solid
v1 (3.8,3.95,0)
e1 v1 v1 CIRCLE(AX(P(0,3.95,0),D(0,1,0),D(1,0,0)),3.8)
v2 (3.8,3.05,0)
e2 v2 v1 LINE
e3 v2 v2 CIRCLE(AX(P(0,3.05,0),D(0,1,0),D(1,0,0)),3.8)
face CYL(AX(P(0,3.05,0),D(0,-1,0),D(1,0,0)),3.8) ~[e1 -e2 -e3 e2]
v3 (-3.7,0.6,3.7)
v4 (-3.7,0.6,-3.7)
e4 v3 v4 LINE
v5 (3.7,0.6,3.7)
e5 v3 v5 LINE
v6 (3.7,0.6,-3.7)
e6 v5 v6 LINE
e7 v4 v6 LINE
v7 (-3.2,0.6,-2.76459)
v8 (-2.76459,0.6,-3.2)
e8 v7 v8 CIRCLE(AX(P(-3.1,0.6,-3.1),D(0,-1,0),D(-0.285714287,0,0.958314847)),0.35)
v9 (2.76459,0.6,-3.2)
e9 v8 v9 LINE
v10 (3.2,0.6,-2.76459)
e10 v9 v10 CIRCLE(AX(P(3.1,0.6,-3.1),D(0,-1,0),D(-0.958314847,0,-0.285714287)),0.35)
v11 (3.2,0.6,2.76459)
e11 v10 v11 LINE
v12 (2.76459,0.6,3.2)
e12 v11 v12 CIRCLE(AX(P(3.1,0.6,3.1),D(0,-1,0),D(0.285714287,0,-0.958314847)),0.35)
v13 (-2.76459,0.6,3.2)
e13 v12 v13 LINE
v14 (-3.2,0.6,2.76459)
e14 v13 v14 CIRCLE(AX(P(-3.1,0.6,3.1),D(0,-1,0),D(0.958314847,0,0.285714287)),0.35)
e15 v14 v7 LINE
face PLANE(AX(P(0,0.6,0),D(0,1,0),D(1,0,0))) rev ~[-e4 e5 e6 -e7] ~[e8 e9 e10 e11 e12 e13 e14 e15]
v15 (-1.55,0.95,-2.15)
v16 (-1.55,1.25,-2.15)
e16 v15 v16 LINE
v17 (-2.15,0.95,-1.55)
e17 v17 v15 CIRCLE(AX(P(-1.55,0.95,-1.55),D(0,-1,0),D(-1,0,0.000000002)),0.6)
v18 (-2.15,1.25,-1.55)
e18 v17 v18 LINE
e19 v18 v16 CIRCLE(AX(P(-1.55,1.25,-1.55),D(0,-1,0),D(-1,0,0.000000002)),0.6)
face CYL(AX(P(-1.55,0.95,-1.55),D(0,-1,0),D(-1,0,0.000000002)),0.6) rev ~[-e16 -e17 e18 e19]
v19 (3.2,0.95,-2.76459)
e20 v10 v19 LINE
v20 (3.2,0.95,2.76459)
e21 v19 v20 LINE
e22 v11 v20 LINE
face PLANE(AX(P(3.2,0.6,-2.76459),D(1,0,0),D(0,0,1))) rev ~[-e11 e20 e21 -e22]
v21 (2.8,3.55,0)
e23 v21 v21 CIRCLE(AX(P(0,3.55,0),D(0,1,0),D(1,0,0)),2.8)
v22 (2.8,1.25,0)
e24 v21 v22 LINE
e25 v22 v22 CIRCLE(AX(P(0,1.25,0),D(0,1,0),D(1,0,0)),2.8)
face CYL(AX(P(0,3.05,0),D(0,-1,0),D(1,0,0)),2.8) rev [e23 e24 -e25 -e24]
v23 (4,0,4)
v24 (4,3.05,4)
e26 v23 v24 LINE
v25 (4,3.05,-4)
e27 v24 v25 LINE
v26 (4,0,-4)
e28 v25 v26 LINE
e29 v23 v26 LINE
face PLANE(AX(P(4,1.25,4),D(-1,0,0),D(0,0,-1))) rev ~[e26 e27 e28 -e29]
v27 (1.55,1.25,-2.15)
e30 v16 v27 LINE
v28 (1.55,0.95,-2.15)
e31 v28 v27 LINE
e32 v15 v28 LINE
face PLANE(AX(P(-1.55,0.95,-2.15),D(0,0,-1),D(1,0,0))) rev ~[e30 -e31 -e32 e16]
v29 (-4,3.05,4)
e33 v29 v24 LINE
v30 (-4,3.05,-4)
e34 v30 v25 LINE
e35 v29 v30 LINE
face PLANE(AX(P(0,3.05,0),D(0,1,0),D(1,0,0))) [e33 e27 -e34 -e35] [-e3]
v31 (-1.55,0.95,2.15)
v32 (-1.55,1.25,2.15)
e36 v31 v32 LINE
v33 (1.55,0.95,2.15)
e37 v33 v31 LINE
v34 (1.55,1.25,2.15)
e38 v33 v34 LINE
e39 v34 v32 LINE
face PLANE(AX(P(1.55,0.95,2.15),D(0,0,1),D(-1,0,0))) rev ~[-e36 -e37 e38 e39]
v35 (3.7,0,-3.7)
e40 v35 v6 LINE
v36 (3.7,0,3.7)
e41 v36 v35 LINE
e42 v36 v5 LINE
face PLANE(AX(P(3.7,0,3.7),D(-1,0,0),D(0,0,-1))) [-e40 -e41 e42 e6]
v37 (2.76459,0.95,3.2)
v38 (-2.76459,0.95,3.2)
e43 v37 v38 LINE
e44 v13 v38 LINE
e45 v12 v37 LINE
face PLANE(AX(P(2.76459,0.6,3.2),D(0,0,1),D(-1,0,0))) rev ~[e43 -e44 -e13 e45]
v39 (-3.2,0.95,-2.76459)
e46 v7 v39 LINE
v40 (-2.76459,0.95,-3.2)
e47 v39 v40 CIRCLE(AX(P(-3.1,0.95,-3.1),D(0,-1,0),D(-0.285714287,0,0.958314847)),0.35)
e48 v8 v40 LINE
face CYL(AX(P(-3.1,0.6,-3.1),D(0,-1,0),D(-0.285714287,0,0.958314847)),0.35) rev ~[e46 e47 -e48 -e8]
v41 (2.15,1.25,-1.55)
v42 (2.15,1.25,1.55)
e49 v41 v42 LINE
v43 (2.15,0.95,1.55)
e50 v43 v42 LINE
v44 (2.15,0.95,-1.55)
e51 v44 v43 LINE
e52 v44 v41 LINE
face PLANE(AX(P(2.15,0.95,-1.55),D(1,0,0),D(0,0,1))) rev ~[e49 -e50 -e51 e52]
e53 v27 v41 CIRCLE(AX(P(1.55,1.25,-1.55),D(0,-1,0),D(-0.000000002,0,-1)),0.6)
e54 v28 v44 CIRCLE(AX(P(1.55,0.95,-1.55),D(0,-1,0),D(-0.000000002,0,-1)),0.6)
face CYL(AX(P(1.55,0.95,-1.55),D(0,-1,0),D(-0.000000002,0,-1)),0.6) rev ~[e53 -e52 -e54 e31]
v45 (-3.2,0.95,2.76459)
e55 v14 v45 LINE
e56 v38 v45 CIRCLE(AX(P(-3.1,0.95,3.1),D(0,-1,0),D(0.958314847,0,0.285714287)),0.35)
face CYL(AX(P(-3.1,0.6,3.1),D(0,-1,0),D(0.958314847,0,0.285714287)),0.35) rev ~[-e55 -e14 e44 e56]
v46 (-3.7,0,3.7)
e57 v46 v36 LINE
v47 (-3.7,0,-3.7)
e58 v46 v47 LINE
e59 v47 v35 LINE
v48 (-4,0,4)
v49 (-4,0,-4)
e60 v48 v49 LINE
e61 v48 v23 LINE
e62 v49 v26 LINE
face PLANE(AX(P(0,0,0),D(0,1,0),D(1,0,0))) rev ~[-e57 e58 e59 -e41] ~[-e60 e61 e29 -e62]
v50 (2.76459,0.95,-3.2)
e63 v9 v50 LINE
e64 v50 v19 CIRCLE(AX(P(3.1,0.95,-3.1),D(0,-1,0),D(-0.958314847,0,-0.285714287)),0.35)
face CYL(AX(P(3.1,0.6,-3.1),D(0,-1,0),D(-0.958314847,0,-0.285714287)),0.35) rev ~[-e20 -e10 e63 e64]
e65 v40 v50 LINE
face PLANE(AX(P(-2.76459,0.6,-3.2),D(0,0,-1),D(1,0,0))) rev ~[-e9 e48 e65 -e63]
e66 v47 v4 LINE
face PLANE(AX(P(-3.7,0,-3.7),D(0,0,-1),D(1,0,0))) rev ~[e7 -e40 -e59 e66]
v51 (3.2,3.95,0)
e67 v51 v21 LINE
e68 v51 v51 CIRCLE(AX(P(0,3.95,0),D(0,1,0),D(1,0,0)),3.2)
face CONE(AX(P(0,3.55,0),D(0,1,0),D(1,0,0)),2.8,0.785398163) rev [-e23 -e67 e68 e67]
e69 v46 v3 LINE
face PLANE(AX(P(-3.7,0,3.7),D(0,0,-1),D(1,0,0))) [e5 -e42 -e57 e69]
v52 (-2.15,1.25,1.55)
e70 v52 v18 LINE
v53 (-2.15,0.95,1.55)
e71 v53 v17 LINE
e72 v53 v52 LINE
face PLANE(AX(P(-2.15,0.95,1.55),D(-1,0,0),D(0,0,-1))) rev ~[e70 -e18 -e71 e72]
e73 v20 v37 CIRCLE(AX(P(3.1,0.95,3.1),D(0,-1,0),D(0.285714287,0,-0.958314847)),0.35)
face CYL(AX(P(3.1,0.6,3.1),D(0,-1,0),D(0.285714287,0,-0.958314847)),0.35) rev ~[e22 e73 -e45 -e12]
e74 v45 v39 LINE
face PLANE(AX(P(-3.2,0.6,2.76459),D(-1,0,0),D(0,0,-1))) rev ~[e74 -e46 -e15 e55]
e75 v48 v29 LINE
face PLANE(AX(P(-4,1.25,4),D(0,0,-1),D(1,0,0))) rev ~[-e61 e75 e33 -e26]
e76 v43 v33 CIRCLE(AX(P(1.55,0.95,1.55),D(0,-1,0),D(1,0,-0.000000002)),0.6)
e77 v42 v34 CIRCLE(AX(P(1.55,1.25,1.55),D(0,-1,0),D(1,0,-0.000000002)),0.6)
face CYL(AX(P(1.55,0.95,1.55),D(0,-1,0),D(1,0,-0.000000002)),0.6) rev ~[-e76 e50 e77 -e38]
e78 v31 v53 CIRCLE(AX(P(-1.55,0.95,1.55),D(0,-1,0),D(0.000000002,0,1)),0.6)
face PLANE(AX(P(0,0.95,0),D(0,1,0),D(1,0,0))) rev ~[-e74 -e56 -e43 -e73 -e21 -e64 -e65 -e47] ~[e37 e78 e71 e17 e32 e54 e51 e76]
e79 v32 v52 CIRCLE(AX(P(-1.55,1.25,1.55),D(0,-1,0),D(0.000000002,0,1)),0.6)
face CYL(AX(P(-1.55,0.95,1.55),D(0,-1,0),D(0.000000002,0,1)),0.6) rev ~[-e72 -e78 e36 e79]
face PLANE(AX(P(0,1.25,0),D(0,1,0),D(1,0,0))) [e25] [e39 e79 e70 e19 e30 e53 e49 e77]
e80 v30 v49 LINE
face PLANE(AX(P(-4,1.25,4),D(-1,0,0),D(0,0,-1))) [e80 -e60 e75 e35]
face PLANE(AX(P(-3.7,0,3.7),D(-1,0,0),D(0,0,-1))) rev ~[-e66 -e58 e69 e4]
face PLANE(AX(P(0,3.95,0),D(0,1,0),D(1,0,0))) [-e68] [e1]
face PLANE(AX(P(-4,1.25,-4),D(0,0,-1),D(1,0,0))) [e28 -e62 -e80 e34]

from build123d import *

# Parameters (mm, degrees)
SKIZZE2_W                       = 8
SKIZZE2_H                       = 8
SKIZZE2_W_2                     = 7.4
SKIZZE2_H_2                     = 7.4
AUFSATZ_LINEAR_AUSTRAGEN1_DEPTH = 0.6
SKIZZE5_W                       = 8
SKIZZE5_H                       = 8
AUFSATZ_LINEAR_AUSTRAGEN3_DEPTH = 0.35
SKIZZE4_W                       = 8
SKIZZE4_H                       = 8
AUFSATZ_LINEAR_AUSTRAGEN2_DEPTH = 0.3
SKIZZE7_W                       = 8
SKIZZE7_H                       = 8
SKIZZE7_R                       = 2.8
AUFSATZ_LINEAR_AUSTRAGEN4_DEPTH = 1.8
SKIZZE8_R                       = 3.8
SKIZZE8_R_2                     = 2.8
AUFSATZ_LINEAR_AUSTRAGEN5_DEPTH = 0.9
FASE1_SIZE                      = 0.4


with BuildPart() as part:
    # Skizze2 → Aufsatz-Linear austragen1 (new body)
    with BuildSketch(Plane(origin=(0, 0, 0), x_dir=(1, 0, 0), z_dir=(0, 1, 0))):
        Rectangle(SKIZZE2_W, SKIZZE2_H)
        Rectangle(SKIZZE2_W_2, SKIZZE2_H_2, mode=Mode.SUBTRACT)
    extrude(amount=AUFSATZ_LINEAR_AUSTRAGEN1_DEPTH)

    # Skizze5 → Aufsatz-Linear austragen3 (add)
    with BuildSketch(Plane(origin=(0, 0.6, 0), x_dir=(1, 0, 0), z_dir=(0, 1, 0))):
        Rectangle(SKIZZE5_W, SKIZZE5_H)
        with BuildLine():
            Line((-2.764589803, 3.2), (2.764589803, 3.2))
            ThreePointArc((2.764589803, 3.2), (3.347487373, 3.347487373), (3.2, 2.764589803))
            Line((3.2, 2.764589803), (3.2, -2.764589803))
            ThreePointArc((3.2, -2.764589803), (3.347487373, -3.347487373), (2.764589803, -3.2))
            Line((2.764589803, -3.2), (-2.764589803, -3.2))
            ThreePointArc((-2.764589803, -3.2), (-3.347487373, -3.347487373), (-3.2, -2.764589803))
            Line((-3.2, -2.764589803), (-3.2, 2.764589803))
            ThreePointArc((-3.2, 2.764589803), (-3.347487373, 3.347487373), (-2.764589803, 3.2))
        make_face(mode=Mode.SUBTRACT)
    extrude(amount=AUFSATZ_LINEAR_AUSTRAGEN3_DEPTH)

    # Skizze4 → Aufsatz-Linear austragen2 (add)
    with BuildSketch(Plane(origin=(0, 0.95, 0), x_dir=(1, 0, 0), z_dir=(0, 1, 0))):
        Rectangle(SKIZZE4_W, SKIZZE4_H)
        with BuildLine():
            Line((-1.55, 2.15), (1.55, 2.15))
            ThreePointArc((1.55, 2.15), (1.974264069, 1.974264069), (2.15, 1.55))
            Line((2.15, 1.55), (2.15, -1.55))
            ThreePointArc((2.15, -1.55), (1.974264069, -1.974264069), (1.55, -2.15))
            Line((1.55, -2.15), (-1.55, -2.15))
            ThreePointArc((-1.55, -2.15), (-1.974264069, -1.974264069), (-2.15, -1.55))
            Line((-2.15, -1.55), (-2.15, 1.55))
            ThreePointArc((-2.15, 1.55), (-1.974264069, 1.974264069), (-1.55, 2.15))
        make_face(mode=Mode.SUBTRACT)
    extrude(amount=AUFSATZ_LINEAR_AUSTRAGEN2_DEPTH)

    # Skizze7 → Aufsatz-Linear austragen4 (add)
    with BuildSketch(Plane(origin=(0, 1.25, 0), x_dir=(1, 0, 0), z_dir=(0, 1, 0))):
        Rectangle(SKIZZE7_W, SKIZZE7_H)
        Circle(SKIZZE7_R, mode=Mode.SUBTRACT)
    extrude(amount=AUFSATZ_LINEAR_AUSTRAGEN4_DEPTH)

    # Skizze8 → Aufsatz-Linear austragen5 (add)
    with BuildSketch(Plane(origin=(0, 3.05, 0), x_dir=(1, 0, 0), z_dir=(0, 1, 0))):
        Circle(SKIZZE8_R)
        Circle(SKIZZE8_R_2, mode=Mode.SUBTRACT)
    extrude(amount=AUFSATZ_LINEAR_AUSTRAGEN5_DEPTH)

    # Fase1
    fase1_edges = [part.edges().sort_by_distance(p)[0] for p in [
        (-2.8, 3.95, 0),
    ]]
    chamfer(fase1_edges, length=FASE1_SIZE)


solid = part.part
